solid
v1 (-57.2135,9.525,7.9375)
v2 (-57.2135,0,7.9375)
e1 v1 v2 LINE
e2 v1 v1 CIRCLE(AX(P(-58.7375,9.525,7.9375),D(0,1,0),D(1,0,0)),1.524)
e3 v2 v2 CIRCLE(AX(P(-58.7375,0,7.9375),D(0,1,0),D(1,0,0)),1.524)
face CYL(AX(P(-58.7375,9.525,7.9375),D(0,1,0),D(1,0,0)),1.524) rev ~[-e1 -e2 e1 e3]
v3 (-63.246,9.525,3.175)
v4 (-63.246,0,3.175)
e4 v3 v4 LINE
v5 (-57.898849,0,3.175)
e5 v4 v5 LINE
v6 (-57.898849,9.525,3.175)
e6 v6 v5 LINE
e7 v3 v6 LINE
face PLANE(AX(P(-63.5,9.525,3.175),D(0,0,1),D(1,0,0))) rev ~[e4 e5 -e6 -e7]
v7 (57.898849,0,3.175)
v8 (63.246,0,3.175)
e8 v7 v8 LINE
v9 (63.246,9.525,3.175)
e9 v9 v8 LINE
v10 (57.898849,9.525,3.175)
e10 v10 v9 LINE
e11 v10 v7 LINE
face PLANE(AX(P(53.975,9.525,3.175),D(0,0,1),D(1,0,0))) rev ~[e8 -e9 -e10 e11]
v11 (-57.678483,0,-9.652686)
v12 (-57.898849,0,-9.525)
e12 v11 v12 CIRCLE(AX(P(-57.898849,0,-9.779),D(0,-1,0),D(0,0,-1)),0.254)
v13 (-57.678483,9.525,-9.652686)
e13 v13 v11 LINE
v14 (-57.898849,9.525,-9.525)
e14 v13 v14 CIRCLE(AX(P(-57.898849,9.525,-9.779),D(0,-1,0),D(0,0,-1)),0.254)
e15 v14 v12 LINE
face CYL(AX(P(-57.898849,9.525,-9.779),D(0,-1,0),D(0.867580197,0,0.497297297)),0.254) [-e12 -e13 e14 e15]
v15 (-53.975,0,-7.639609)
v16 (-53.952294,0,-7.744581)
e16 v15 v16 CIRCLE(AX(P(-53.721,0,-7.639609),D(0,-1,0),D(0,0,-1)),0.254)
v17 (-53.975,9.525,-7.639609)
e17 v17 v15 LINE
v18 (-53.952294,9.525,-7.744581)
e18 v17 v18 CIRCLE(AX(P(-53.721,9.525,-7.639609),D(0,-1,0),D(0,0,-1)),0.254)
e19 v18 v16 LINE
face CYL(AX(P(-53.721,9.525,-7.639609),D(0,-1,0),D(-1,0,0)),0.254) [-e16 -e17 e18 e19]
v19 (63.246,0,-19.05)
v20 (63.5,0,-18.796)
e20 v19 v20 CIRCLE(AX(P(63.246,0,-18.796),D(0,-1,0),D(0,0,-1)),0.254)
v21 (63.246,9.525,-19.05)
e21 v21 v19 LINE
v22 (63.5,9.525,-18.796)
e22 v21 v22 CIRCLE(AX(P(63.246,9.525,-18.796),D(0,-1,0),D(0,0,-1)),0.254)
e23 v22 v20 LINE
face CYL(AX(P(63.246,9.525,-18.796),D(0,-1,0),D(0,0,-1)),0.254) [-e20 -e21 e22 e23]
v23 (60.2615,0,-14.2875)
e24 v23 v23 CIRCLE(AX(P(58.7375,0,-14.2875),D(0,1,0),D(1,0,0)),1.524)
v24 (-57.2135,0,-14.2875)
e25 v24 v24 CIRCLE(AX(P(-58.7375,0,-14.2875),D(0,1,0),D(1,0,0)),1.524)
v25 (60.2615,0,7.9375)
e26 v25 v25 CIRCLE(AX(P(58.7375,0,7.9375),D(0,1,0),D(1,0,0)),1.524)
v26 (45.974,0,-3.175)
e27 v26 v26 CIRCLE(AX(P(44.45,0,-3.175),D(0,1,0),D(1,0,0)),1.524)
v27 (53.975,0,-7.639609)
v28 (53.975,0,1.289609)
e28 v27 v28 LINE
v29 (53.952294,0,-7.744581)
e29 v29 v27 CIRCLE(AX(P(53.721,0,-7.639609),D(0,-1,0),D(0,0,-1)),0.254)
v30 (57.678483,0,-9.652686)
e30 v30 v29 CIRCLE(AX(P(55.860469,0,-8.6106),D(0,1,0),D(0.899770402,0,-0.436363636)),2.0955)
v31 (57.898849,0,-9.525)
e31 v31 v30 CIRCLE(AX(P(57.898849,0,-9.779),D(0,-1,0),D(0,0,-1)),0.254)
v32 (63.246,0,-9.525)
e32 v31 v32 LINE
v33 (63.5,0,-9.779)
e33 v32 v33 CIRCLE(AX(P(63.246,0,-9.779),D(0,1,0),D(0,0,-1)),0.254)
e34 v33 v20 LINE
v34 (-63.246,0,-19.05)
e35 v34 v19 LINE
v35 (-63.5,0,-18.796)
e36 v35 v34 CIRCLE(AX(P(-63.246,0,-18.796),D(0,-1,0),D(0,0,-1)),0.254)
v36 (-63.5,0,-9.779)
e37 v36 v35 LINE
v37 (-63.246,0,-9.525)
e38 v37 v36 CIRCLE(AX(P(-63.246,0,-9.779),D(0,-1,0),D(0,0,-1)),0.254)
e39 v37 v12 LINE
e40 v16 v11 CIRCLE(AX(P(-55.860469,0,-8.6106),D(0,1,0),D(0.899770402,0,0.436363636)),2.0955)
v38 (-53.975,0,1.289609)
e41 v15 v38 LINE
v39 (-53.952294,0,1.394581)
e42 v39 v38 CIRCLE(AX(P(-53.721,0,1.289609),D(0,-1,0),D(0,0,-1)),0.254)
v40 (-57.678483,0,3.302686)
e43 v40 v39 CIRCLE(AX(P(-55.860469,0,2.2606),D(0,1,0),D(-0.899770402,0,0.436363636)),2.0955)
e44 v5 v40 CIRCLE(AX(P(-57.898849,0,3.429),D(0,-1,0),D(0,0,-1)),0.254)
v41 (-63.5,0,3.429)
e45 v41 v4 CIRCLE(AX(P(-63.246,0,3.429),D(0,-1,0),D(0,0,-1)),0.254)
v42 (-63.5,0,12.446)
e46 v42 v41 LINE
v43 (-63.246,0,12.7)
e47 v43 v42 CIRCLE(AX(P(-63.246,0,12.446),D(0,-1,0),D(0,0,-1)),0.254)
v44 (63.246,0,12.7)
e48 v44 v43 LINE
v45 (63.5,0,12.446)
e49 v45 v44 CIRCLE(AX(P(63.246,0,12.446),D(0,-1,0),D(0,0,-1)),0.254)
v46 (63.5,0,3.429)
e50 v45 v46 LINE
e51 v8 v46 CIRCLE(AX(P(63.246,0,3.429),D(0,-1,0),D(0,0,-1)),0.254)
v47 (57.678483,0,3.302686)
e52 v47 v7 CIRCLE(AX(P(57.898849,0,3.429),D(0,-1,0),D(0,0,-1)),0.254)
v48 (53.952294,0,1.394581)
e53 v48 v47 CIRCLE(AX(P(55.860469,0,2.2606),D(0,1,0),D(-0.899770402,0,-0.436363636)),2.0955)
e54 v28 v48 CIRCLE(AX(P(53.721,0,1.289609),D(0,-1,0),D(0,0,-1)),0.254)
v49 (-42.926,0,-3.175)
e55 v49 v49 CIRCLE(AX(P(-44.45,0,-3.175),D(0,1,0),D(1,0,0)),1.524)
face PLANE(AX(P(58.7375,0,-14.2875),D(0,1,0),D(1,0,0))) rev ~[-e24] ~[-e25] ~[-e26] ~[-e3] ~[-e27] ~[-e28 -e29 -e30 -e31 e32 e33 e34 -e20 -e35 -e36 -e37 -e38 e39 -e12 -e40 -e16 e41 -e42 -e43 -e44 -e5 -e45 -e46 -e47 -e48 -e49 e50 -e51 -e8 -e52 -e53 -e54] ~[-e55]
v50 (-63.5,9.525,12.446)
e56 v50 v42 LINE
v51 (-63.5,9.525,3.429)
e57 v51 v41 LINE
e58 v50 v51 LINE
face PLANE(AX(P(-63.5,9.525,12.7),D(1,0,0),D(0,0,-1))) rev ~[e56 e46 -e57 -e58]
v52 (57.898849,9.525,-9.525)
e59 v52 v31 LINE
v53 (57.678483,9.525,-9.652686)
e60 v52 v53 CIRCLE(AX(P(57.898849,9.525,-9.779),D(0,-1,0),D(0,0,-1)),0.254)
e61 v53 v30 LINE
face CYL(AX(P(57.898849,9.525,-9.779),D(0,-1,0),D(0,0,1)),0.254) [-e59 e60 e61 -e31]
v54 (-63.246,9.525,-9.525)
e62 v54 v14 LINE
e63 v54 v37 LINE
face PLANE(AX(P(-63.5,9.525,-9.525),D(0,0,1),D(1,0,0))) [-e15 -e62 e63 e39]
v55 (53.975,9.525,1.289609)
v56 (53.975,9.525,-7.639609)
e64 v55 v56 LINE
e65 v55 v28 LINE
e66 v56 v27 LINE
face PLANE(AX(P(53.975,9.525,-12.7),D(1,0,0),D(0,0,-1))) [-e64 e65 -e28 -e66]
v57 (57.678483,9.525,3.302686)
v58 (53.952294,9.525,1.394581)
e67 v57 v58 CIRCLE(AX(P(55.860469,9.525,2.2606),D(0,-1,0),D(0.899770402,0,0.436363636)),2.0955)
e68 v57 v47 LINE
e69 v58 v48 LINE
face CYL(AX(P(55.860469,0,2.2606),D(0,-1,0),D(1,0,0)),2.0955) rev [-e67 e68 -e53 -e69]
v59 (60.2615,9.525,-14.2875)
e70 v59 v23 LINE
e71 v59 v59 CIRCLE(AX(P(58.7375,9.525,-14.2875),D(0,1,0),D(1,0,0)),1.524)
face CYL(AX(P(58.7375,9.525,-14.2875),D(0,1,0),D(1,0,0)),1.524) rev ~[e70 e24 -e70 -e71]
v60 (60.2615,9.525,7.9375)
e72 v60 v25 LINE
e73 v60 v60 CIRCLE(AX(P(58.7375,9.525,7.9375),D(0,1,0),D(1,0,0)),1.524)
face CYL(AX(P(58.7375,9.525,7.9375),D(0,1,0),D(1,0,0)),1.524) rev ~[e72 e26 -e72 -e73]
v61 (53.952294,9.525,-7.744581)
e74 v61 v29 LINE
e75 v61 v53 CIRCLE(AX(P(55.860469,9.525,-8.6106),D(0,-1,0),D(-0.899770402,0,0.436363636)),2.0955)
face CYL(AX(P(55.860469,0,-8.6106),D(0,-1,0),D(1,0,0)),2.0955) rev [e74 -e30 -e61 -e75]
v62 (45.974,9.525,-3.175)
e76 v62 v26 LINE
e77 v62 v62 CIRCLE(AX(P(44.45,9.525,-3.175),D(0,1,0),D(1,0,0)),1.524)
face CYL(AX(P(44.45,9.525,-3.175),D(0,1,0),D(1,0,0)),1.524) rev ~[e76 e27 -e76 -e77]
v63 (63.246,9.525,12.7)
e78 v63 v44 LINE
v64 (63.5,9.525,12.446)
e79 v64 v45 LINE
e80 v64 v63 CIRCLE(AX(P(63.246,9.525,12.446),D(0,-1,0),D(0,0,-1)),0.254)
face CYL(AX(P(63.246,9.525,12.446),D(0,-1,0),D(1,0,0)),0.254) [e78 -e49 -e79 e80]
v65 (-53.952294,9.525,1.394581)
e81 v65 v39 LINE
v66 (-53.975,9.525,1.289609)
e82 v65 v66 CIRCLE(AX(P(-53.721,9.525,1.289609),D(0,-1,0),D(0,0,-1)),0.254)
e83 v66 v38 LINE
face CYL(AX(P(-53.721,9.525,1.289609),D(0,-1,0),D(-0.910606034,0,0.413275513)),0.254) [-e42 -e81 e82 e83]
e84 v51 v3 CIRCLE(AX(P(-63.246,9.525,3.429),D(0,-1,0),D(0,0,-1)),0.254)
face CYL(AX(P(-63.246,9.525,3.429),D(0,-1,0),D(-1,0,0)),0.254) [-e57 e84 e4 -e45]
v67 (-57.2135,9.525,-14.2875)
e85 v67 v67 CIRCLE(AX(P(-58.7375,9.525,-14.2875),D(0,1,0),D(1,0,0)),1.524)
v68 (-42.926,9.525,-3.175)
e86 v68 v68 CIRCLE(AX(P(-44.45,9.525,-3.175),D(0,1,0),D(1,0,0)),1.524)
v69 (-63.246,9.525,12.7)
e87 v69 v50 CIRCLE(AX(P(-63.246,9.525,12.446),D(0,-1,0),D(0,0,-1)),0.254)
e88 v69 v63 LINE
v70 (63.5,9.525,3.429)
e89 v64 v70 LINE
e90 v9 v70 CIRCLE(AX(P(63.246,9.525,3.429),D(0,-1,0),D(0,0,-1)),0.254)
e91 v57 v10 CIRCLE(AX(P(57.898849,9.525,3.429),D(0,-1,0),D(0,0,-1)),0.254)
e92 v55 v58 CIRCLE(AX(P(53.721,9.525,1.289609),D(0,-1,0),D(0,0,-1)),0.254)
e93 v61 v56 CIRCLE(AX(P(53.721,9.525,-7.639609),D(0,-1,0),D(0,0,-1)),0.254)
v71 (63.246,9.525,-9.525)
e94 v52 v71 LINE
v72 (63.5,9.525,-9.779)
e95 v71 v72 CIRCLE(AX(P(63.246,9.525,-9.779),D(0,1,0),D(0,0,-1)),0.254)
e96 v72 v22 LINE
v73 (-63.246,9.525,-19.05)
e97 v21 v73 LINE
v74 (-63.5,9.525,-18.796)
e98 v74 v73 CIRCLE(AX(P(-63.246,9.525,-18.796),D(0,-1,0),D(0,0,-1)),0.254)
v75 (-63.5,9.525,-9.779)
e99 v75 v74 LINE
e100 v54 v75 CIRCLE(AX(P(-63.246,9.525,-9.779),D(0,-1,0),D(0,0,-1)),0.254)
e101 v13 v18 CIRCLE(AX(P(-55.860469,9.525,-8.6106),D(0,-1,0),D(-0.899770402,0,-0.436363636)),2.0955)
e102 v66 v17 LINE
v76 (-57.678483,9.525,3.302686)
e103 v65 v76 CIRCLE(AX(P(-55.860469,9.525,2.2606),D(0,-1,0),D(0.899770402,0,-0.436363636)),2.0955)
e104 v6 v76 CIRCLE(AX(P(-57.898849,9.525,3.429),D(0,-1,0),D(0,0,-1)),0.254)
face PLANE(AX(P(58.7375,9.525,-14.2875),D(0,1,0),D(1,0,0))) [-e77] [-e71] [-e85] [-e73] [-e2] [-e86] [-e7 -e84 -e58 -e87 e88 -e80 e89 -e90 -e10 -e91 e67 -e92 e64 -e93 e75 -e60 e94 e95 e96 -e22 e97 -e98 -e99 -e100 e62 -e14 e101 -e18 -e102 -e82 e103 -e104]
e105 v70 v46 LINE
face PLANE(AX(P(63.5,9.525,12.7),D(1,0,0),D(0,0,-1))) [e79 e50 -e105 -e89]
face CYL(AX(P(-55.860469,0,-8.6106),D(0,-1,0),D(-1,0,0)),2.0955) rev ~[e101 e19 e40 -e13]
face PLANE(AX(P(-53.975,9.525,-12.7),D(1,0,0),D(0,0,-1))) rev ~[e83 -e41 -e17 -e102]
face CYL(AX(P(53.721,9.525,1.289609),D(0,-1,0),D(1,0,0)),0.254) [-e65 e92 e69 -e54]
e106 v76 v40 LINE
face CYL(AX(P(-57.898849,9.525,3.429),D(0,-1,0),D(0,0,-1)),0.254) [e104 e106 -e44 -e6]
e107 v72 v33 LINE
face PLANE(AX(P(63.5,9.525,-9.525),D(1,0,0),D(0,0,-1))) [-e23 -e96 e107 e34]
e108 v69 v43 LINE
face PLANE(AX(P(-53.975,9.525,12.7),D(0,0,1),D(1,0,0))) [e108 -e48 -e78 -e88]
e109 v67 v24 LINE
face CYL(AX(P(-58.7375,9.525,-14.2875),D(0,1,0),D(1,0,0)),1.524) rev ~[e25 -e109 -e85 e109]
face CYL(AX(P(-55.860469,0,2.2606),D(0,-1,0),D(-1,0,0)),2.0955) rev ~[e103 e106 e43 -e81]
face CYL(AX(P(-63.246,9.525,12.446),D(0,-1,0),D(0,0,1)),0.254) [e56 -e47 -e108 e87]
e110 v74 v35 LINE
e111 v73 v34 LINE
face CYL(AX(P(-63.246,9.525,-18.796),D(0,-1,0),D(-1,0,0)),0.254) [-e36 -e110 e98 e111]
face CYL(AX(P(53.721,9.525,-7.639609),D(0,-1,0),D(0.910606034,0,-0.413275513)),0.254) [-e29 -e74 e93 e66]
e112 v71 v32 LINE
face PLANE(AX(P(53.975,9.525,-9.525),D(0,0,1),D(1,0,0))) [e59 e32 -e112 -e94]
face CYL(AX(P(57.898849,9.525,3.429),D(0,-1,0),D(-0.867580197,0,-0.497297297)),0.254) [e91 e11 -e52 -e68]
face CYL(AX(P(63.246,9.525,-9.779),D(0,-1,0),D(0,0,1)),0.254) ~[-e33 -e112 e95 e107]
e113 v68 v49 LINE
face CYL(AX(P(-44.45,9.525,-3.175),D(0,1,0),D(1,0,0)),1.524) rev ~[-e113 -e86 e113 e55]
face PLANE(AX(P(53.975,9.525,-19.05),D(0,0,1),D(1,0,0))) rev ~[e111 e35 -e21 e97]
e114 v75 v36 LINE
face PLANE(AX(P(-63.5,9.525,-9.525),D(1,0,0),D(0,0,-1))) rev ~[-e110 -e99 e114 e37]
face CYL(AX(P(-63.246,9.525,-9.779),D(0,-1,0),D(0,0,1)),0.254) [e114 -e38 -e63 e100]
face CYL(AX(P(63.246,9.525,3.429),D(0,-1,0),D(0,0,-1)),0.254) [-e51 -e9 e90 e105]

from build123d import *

# Parameters (mm, degrees)
SKETCH1_W           = 107.95
SKETCH1_H           = 25.4
BOSS_EXTRUDE1_DEPTH = 9.525
SKETCH3_W           = 107.95
SKETCH3_H           = 6.35
CUT_EXTRUDE2_DEPTH  = 10.525
SKETCH5_R           = 1.524
CUT_EXTRUDE4_DEPTH  = 10.525
SKETCH6_W           = 107.95
SKETCH6_H           = 6.35
BOSS_EXTRUDE2_DEPTH = 9.525
SKETCH7_W           = 9.525
SKETCH7_H           = 9.525
SKETCH7_R           = 1.524
BOSS_EXTRUDE3_DEPTH = 9.525
SKETCH8_R           = 2.0955
CUT_EXTRUDE5_DEPTH  = 10.525
FILLET3_R           = 0.254


with BuildPart() as part:
    # Sketch1 → Boss-Extrude1 (new body)
    with BuildSketch(Plane(origin=(0, 0, 0), x_dir=(1, 0, 0), z_dir=(0, 1, 0))):
        Rectangle(SKETCH1_W, SKETCH1_H)
    extrude(amount=BOSS_EXTRUDE1_DEPTH)

    # Sketch3 → Cut-Extrude2 (cut, through all)
    with BuildSketch(Plane.XZ):
        with Locations((0, 9.525)):
            Rectangle(SKETCH3_W, SKETCH3_H)
    extrude(amount=-CUT_EXTRUDE2_DEPTH, mode=Mode.SUBTRACT)

    # Sketch5 → Cut-Extrude4 (cut, through all)
    with BuildSketch(Plane(origin=(0, 9.525, 0), x_dir=(1, 0, 0), z_dir=(0, 1, 0))):
        with Locations((44.45, 3.175)):
            Circle(SKETCH5_R)
        with Locations((-44.45, 3.175)):
            Circle(SKETCH5_R)
    extrude(amount=-CUT_EXTRUDE4_DEPTH, mode=Mode.SUBTRACT)

    # Sketch6 → Boss-Extrude2 (add, through all)
    with BuildSketch(Plane(origin=(0, 9.525, 0), x_dir=(1, 0, 0), z_dir=(0, 1, 0))):
        with Locations((0, 15.875)):
            Rectangle(SKETCH6_W, SKETCH6_H)
        with Locations((0, -9.525)):
            Rectangle(SKETCH6_W, SKETCH6_H)
    extrude(amount=-BOSS_EXTRUDE2_DEPTH)

    # Sketch7 → Boss-Extrude3 (add, through all)
    with BuildSketch(Plane(origin=(0, 9.525, 0), x_dir=(1, 0, 0), z_dir=(0, 1, 0))):
        with Locations((58.7375, 14.2875)):
            Rectangle(SKETCH7_W, SKETCH7_H)
        with Locations((58.7375, 14.2875)):
            Circle(SKETCH7_R, mode=Mode.SUBTRACT)
        with Locations((58.7375, -7.9375)):
            Rectangle(SKETCH7_W, SKETCH7_H)
        with Locations((58.7375, -7.9375)):
            Circle(SKETCH7_R, mode=Mode.SUBTRACT)
        with Locations((-58.7375, -7.9375)):
            Rectangle(SKETCH7_W, SKETCH7_H)
        with Locations((-58.7375, -7.9375)):
            Circle(SKETCH7_R, mode=Mode.SUBTRACT)
        with Locations((-58.7375, 14.2875)):
            Rectangle(SKETCH7_W, SKETCH7_H)
        with Locations((-58.7375, 14.2875)):
            Circle(SKETCH7_R, mode=Mode.SUBTRACT)
    extrude(amount=-BOSS_EXTRUDE3_DEPTH)

    # Sketch8 → Cut-Extrude5 (cut, through all)
    with BuildSketch(Plane(origin=(0, 0, 0), x_dir=(-1, 0, 0), z_dir=(0, -1, 0))):
        with Locations((55.860468878, -2.2606)):
            Circle(SKETCH8_R)
        with Locations((55.860468878, 8.6106)):
            Circle(SKETCH8_R)
    cut_extrude5 = extrude(amount=-CUT_EXTRUDE5_DEPTH, mode=Mode.SUBTRACT)

    # Mirror1: Cut-Extrude5 across plane
    add(cut_extrude5.mirror(Plane(origin=(0, 0, 0), x_dir=(0, 0, 1), z_dir=(1, 0, 0))), mode=Mode.SUBTRACT)

    # Fillet3
    fillet3_edges = [part.edges().sort_by_distance(p)[0] for p in [
        (-63.5, 4.7625, -9.525),
        (-63.5, 4.7625, -19.05),
        (-57.745937756, 4.7625, -9.525),
        (-57.745937756, 4.7625, 3.175),
        (-53.975, 4.7625, 1.3462),
        (-53.975, 4.7625, -7.6962),
        (57.745937756, 4.7625, 3.175),
        (57.745937756, 4.7625, -9.525),
        (53.975, 4.7625, 1.3462),
        (53.975, 4.7625, -7.6962),
        (63.5, 4.7625, -19.05),
        (63.5, 4.7625, -9.525),
        (63.5, 4.7625, 3.175),
        (63.5, 4.7625, 12.7),
        (-63.5, 4.7625, 12.7),
        (-63.5, 4.7625, 3.175),
    ]]
    fillet(fillet3_edges, radius=FILLET3_R)


solid = part.part
